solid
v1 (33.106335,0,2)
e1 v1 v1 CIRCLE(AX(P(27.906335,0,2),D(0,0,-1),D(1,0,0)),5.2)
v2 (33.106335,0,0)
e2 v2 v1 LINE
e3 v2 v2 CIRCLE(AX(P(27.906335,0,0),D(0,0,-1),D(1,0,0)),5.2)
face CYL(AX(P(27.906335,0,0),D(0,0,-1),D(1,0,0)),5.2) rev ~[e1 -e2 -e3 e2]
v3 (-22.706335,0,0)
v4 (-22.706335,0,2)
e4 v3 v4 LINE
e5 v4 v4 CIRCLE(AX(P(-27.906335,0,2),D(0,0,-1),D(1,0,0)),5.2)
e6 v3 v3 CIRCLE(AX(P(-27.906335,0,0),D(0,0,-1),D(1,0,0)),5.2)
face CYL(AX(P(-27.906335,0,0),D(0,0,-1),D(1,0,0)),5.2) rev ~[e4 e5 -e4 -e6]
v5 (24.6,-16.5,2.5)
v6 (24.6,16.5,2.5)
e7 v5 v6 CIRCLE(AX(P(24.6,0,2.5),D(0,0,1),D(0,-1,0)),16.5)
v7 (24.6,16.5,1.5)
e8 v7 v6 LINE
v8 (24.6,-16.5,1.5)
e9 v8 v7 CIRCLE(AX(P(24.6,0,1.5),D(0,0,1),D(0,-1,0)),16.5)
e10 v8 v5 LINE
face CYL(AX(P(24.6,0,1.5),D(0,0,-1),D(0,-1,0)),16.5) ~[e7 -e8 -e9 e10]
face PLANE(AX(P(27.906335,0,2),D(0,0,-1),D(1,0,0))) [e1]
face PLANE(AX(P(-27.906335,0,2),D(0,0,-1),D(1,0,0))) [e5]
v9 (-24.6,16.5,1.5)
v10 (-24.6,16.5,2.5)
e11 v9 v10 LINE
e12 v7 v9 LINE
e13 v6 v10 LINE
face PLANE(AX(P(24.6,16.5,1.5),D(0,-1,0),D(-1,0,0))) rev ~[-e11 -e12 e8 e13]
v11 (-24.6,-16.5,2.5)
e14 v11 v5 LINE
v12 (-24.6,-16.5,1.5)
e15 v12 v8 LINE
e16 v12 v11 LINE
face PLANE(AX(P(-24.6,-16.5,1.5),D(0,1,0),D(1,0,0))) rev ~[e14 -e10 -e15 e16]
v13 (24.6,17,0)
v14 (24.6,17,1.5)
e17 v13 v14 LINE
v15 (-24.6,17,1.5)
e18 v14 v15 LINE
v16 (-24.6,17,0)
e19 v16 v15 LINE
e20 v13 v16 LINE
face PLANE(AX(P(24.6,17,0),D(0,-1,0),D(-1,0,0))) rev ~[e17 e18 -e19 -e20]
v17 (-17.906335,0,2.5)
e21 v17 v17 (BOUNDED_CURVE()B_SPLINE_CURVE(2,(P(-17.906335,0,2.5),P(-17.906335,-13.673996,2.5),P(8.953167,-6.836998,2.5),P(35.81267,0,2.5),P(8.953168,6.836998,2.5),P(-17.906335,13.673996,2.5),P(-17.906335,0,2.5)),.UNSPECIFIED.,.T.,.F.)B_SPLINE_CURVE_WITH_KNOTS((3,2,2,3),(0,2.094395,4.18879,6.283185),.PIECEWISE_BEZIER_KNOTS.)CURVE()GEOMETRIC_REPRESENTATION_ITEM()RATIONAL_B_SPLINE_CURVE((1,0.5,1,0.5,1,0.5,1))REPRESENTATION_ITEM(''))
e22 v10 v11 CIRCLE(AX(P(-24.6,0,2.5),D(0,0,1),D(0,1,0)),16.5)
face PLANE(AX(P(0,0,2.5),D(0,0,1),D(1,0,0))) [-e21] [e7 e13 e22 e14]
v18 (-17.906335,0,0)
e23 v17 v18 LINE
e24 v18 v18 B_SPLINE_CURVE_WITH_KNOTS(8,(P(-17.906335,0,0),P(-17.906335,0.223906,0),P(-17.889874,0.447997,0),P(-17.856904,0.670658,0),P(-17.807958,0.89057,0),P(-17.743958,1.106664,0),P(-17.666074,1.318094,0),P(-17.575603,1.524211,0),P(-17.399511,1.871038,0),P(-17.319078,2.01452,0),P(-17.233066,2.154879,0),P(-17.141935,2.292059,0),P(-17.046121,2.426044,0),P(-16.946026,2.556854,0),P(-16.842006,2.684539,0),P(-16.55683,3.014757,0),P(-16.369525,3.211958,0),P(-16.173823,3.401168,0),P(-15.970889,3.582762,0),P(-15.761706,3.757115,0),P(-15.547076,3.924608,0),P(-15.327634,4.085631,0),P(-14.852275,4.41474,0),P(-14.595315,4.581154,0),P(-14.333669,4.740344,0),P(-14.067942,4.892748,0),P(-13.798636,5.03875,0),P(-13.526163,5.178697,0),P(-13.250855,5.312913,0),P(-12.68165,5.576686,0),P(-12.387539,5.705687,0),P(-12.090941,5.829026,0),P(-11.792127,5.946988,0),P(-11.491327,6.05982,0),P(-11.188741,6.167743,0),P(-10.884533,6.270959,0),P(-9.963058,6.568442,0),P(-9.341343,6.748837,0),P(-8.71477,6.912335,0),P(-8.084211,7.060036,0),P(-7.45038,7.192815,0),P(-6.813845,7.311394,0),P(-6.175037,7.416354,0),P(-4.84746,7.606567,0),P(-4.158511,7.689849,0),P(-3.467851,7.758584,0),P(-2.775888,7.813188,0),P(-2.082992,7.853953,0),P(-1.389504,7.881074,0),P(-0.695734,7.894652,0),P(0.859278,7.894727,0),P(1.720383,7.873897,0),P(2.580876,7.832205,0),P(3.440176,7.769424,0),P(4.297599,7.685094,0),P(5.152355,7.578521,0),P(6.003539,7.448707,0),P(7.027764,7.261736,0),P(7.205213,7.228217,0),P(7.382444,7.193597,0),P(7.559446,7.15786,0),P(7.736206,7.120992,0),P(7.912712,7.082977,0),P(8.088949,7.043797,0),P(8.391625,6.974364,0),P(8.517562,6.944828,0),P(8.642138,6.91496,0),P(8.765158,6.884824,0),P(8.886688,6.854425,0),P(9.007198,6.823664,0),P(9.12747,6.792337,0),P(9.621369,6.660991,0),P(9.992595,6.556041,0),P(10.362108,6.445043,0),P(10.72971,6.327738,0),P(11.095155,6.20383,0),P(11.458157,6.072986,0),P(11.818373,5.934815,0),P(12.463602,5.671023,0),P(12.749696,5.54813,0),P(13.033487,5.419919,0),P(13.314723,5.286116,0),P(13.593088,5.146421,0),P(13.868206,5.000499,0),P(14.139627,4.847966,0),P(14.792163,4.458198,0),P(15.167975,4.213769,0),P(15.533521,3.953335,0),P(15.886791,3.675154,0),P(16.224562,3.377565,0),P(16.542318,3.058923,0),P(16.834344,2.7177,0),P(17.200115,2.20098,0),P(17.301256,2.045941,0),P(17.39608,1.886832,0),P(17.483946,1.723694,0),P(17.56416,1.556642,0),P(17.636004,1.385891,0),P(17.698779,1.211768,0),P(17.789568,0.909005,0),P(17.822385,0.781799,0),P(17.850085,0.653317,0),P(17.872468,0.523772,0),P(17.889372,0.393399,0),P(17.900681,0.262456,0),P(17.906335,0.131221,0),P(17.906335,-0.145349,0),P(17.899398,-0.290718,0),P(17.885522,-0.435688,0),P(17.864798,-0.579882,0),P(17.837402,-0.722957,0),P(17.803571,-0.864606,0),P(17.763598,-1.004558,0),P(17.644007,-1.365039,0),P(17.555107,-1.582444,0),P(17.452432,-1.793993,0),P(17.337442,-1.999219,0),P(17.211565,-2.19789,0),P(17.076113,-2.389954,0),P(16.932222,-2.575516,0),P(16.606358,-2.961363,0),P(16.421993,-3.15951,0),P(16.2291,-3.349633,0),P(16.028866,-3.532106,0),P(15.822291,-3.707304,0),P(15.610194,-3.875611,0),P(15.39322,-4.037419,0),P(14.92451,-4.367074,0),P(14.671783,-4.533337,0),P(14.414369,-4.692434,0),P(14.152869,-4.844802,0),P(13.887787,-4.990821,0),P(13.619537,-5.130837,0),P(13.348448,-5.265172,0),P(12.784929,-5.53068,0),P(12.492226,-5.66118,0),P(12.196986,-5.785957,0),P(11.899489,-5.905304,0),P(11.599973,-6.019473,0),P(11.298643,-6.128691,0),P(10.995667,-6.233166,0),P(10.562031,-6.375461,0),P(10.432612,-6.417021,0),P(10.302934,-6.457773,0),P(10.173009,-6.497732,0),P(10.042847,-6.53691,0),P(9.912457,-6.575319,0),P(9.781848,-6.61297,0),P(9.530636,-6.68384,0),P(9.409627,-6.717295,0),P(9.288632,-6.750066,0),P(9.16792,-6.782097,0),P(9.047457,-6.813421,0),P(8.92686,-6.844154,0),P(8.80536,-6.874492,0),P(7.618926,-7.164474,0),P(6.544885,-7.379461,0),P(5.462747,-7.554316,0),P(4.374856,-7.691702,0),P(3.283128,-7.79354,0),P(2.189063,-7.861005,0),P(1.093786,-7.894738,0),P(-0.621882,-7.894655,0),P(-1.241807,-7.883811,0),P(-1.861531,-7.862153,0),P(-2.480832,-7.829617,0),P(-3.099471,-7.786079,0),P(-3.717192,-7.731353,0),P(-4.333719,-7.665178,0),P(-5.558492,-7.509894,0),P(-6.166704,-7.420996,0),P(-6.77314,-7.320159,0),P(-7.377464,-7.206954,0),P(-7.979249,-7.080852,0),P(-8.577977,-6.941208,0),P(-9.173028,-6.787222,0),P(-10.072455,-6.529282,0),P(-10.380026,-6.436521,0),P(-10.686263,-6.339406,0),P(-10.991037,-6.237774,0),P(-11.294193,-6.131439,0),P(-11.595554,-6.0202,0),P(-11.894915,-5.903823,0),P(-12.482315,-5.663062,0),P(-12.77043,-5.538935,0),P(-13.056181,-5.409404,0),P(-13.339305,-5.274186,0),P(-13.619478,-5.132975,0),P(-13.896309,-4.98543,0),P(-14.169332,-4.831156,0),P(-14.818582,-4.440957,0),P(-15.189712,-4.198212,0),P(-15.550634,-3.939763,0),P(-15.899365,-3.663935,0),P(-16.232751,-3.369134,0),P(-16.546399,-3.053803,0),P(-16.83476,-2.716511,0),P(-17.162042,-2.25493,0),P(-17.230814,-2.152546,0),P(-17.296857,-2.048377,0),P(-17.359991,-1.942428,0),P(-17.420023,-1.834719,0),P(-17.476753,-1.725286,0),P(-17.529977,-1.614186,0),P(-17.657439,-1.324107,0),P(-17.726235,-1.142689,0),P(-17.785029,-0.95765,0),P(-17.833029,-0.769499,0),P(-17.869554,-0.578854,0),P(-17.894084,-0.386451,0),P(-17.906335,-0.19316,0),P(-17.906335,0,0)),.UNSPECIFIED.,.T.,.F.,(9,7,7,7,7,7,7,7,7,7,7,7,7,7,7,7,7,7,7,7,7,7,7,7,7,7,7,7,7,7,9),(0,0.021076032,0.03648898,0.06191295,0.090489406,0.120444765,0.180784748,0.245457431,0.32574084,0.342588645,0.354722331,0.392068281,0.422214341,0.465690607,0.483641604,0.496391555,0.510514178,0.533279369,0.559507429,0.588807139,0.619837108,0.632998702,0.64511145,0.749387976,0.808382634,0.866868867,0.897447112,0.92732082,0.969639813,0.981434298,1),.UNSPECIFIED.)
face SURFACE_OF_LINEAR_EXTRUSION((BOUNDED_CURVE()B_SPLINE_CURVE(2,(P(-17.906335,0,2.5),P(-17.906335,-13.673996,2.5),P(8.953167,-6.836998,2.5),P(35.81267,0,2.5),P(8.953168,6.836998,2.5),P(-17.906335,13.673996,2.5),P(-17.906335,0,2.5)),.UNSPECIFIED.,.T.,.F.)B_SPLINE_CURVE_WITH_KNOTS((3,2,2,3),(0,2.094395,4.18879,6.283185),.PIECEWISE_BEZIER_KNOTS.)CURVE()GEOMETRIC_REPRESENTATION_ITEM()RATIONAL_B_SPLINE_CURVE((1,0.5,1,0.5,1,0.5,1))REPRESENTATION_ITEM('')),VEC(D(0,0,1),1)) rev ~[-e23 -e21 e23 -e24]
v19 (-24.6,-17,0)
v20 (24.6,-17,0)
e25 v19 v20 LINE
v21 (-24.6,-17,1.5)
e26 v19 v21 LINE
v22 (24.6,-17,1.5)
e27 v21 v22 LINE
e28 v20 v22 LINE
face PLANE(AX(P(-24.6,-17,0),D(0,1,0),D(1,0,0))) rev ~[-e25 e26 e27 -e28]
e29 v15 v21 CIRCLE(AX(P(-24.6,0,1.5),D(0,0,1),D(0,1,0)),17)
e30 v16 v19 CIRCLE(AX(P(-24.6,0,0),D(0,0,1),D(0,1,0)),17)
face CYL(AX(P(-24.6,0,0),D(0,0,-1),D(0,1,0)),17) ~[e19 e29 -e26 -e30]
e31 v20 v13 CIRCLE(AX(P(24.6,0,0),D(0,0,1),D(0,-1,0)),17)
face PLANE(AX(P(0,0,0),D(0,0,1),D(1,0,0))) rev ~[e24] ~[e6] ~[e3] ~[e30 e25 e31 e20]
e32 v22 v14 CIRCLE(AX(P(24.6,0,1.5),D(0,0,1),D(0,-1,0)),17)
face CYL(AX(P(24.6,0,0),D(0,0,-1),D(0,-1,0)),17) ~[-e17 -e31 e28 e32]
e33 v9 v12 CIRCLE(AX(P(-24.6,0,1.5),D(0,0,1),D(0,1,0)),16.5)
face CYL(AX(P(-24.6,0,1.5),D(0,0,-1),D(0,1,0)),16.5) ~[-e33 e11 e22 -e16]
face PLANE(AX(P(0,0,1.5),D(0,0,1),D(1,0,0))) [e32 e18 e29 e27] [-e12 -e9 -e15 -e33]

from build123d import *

# Parameters (mm, degrees)
F1_DEPTH = 1.5
F3_DEPTH = 1
F5_DEPTH = 25
F6_R     = 5.2
F7_DEPTH = 2


with BuildPart() as f1:
    # F0 (on Top) → F1 (new body)
    with BuildSketch(Plane.XY):
        with BuildLine():
            Line((24.6, 17), (-24.6, 17))
            ThreePointArc((-24.6, 17), (-41.6, 0), (-24.6, -17))
            Line((-24.6, -17), (24.6, -17))
            ThreePointArc((24.6, -17), (41.6, 0), (24.6, 17))
        make_face()
    extrude(amount=F1_DEPTH)

    # F2 (on face) → F3 (join)
    with BuildSketch(Plane.XY.offset(1.5)):
        with BuildLine():
            Line((24.6, 16.5), (-24.6, 16.5))
            ThreePointArc((-24.6, 16.5), (-41.1, 0), (-24.6, -16.5))
            Line((-24.6, -16.5), (24.6, -16.5))
            ThreePointArc((24.6, -16.5), (41.1, 0), (24.6, 16.5))
        make_face()
    extrude(amount=F3_DEPTH)

    # F4 (on face) → F5 (cut)
    with BuildSketch(Plane.XY.offset(2.5)):
        with BuildLine():
            add(Edge.make_bspline(
                [(-17.906335, 0), (-17.906335, -13.673996), (8.953167, -6.836998), (35.81267, 0), (8.953168, 6.836998), (-17.906335, 13.673996), (-17.906335, 0)],
                knots=[0, 0, 0, 2.094395, 2.094395, 4.18879, 4.18879, 6.283185, 6.283185, 6.283185], degree=2, weights=[1, 0.5, 1, 0.5, 1, 0.5, 1]))
        make_face()
    extrude(amount=-F5_DEPTH, mode=Mode.SUBTRACT)

    # F6 (on face) → F7 (cut)
    with BuildSketch(Plane(origin=(0, 0, 0), x_dir=(1, 0, 0), z_dir=(0, 0, -1))):
        with Locations((-27.906335, 0)):
            Circle(F6_R)
        with Locations((27.906335, 0)):
            Circle(F6_R)
    extrude(amount=-F7_DEPTH, mode=Mode.SUBTRACT)


solid = f1.part
